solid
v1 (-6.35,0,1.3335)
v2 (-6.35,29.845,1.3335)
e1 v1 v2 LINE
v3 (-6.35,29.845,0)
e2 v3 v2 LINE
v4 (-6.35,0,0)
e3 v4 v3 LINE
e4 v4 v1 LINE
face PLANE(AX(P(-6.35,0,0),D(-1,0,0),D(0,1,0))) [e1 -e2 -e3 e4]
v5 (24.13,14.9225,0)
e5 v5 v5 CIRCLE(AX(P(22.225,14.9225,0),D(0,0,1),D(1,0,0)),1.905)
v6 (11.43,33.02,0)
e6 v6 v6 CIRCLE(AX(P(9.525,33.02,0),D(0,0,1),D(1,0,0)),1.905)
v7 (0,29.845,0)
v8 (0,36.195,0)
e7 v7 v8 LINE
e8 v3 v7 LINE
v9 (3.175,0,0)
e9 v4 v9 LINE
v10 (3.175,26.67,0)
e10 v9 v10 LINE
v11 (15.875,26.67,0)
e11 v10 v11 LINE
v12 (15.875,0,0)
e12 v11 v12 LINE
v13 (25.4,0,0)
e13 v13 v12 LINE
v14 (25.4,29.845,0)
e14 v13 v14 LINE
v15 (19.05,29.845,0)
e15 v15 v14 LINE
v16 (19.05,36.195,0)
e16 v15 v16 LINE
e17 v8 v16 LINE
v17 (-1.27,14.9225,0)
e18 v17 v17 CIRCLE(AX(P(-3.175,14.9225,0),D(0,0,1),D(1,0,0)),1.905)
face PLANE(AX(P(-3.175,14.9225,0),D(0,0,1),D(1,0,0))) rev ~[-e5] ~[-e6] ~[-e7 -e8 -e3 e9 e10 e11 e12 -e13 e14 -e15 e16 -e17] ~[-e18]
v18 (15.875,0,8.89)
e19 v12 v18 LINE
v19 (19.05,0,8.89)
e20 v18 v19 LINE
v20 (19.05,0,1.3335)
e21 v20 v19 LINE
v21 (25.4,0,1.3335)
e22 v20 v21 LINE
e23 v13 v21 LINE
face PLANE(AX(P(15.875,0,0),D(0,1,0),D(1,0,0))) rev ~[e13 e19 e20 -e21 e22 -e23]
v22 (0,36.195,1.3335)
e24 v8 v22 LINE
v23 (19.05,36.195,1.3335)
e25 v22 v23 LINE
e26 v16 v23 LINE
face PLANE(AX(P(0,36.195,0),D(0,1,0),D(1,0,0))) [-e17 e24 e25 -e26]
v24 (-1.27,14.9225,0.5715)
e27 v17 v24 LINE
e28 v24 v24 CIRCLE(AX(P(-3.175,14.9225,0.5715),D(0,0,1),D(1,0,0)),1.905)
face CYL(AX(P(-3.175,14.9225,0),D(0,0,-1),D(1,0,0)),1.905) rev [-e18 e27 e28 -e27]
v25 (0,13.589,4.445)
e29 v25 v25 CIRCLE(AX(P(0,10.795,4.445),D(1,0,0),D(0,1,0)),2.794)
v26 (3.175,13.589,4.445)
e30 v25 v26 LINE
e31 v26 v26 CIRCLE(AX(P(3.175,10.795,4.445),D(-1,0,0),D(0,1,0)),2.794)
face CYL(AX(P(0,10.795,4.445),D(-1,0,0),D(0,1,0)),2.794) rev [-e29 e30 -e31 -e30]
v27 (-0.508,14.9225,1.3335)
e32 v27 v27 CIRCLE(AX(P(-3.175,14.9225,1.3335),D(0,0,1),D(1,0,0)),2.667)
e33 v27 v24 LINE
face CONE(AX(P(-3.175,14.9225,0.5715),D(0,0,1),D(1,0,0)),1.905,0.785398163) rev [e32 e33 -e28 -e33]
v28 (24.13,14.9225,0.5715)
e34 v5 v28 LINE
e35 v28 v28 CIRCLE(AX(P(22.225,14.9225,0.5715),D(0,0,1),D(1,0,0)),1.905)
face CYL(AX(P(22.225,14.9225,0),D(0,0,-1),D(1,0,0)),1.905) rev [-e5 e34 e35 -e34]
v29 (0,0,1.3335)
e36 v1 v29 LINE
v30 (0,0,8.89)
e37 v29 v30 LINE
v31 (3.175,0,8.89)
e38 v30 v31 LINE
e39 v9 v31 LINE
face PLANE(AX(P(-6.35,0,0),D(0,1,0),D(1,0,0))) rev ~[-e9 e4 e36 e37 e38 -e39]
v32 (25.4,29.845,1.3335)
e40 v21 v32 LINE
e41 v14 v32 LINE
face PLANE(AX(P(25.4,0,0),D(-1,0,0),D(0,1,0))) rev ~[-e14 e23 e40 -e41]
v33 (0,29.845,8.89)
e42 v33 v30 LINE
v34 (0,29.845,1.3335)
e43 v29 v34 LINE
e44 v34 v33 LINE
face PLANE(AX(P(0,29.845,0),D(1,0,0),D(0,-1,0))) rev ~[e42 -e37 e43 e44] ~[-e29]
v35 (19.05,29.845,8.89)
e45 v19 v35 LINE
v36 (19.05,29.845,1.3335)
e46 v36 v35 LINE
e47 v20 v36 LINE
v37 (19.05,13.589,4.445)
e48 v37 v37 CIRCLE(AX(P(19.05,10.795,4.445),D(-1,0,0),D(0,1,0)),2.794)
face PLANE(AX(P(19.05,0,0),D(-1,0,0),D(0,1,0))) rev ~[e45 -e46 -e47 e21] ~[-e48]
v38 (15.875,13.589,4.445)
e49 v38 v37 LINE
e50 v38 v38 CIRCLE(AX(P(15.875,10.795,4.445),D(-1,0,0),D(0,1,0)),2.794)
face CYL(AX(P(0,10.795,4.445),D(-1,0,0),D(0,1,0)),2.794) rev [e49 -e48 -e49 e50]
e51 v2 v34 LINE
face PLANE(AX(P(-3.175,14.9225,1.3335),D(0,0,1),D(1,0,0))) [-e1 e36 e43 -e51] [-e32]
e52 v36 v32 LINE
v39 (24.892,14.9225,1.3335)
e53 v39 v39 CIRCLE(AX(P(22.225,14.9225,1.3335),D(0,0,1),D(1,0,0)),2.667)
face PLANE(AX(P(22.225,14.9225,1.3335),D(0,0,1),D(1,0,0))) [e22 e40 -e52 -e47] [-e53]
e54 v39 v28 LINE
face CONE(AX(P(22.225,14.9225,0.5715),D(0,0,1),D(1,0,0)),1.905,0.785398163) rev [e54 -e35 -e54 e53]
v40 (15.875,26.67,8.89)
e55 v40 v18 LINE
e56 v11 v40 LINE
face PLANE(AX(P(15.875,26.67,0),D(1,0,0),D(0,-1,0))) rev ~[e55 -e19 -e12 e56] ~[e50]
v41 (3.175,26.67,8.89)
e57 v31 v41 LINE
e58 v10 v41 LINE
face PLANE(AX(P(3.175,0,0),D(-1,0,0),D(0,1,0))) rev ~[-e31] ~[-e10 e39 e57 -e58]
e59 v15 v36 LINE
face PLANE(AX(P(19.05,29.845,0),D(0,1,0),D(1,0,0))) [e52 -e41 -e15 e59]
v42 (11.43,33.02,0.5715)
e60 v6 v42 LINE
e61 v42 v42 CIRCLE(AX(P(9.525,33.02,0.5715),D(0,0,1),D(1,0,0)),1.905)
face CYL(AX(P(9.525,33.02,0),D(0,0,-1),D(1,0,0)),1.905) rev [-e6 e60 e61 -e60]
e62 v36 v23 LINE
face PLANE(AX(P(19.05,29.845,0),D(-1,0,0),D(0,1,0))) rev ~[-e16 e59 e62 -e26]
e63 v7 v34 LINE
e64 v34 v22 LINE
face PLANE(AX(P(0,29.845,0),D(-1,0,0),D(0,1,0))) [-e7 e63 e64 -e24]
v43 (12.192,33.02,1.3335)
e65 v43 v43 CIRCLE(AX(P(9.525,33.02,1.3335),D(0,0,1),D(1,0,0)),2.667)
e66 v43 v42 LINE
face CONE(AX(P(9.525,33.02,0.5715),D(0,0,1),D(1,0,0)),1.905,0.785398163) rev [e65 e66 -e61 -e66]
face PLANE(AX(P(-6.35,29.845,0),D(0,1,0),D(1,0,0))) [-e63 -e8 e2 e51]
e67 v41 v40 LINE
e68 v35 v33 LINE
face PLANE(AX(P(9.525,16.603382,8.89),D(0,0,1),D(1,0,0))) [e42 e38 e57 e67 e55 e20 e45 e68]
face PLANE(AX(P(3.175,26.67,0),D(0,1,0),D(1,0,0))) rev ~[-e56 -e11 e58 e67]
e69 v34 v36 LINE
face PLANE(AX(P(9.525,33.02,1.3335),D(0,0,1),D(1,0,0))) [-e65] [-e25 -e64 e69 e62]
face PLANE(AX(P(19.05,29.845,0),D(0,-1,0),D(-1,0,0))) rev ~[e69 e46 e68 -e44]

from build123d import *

# Parameters (mm, degrees)
F1_DEPTH = 8.89
F2_R     = 2.794
F3_DEPTH = 20.32
F0_W     = 6.35
F0_H     = 29.845
F0_R     = 1.905
F0_W_2   = 19.05
F0_H_2   = 6.35
F4_DEPTH = 1.3335
F5_SIZE  = 0.762


with BuildPart() as f1:
    # F0 (on Top) → F1 (new body)
    with BuildSketch(Plane.XY):
        Polygon((0, 29.845), (0, 0), (3.175, 0), (3.175, 26.67), (15.875, 26.67), (15.875, 0), (19.05, 0), (19.05, 29.845), align=None)
    extrude(amount=F1_DEPTH)

    # F2 (on Right) → F3 (cut)
    with BuildSketch(Plane.YZ):
        with Locations((10.795, 4.445)):
            Circle(F2_R)
    extrude(amount=F3_DEPTH, mode=Mode.SUBTRACT)

    # F0 (on Top) → F4 (join)
    with BuildSketch(Plane.XY):
        with Locations((-3.175, 14.9225)):
            Rectangle(F0_W, F0_H)
        with Locations((-3.175, 14.9225)):
            Circle(F0_R, mode=Mode.SUBTRACT)
        with Locations((9.525, 33.02)):
            Rectangle(F0_W_2, F0_H_2)
        with Locations((9.525, 33.02)):
            Circle(F0_R, mode=Mode.SUBTRACT)
        with Locations((22.225, 14.9225)):
            Rectangle(F0_W, F0_H)
        with Locations((22.225, 14.9225)):
            Circle(F0_R, mode=Mode.SUBTRACT)
    extrude(amount=F4_DEPTH)

    # F5
    f5_edges = [f1.edges().sort_by_distance(p)[0] for p in [
        (20.32, 14.9225, 1.3335),
        (-5.08, 14.9225, 1.3335),
        (7.62, 33.02, 1.3335),
    ]]
    chamfer(f5_edges, length=F5_SIZE)


solid = f1.part
